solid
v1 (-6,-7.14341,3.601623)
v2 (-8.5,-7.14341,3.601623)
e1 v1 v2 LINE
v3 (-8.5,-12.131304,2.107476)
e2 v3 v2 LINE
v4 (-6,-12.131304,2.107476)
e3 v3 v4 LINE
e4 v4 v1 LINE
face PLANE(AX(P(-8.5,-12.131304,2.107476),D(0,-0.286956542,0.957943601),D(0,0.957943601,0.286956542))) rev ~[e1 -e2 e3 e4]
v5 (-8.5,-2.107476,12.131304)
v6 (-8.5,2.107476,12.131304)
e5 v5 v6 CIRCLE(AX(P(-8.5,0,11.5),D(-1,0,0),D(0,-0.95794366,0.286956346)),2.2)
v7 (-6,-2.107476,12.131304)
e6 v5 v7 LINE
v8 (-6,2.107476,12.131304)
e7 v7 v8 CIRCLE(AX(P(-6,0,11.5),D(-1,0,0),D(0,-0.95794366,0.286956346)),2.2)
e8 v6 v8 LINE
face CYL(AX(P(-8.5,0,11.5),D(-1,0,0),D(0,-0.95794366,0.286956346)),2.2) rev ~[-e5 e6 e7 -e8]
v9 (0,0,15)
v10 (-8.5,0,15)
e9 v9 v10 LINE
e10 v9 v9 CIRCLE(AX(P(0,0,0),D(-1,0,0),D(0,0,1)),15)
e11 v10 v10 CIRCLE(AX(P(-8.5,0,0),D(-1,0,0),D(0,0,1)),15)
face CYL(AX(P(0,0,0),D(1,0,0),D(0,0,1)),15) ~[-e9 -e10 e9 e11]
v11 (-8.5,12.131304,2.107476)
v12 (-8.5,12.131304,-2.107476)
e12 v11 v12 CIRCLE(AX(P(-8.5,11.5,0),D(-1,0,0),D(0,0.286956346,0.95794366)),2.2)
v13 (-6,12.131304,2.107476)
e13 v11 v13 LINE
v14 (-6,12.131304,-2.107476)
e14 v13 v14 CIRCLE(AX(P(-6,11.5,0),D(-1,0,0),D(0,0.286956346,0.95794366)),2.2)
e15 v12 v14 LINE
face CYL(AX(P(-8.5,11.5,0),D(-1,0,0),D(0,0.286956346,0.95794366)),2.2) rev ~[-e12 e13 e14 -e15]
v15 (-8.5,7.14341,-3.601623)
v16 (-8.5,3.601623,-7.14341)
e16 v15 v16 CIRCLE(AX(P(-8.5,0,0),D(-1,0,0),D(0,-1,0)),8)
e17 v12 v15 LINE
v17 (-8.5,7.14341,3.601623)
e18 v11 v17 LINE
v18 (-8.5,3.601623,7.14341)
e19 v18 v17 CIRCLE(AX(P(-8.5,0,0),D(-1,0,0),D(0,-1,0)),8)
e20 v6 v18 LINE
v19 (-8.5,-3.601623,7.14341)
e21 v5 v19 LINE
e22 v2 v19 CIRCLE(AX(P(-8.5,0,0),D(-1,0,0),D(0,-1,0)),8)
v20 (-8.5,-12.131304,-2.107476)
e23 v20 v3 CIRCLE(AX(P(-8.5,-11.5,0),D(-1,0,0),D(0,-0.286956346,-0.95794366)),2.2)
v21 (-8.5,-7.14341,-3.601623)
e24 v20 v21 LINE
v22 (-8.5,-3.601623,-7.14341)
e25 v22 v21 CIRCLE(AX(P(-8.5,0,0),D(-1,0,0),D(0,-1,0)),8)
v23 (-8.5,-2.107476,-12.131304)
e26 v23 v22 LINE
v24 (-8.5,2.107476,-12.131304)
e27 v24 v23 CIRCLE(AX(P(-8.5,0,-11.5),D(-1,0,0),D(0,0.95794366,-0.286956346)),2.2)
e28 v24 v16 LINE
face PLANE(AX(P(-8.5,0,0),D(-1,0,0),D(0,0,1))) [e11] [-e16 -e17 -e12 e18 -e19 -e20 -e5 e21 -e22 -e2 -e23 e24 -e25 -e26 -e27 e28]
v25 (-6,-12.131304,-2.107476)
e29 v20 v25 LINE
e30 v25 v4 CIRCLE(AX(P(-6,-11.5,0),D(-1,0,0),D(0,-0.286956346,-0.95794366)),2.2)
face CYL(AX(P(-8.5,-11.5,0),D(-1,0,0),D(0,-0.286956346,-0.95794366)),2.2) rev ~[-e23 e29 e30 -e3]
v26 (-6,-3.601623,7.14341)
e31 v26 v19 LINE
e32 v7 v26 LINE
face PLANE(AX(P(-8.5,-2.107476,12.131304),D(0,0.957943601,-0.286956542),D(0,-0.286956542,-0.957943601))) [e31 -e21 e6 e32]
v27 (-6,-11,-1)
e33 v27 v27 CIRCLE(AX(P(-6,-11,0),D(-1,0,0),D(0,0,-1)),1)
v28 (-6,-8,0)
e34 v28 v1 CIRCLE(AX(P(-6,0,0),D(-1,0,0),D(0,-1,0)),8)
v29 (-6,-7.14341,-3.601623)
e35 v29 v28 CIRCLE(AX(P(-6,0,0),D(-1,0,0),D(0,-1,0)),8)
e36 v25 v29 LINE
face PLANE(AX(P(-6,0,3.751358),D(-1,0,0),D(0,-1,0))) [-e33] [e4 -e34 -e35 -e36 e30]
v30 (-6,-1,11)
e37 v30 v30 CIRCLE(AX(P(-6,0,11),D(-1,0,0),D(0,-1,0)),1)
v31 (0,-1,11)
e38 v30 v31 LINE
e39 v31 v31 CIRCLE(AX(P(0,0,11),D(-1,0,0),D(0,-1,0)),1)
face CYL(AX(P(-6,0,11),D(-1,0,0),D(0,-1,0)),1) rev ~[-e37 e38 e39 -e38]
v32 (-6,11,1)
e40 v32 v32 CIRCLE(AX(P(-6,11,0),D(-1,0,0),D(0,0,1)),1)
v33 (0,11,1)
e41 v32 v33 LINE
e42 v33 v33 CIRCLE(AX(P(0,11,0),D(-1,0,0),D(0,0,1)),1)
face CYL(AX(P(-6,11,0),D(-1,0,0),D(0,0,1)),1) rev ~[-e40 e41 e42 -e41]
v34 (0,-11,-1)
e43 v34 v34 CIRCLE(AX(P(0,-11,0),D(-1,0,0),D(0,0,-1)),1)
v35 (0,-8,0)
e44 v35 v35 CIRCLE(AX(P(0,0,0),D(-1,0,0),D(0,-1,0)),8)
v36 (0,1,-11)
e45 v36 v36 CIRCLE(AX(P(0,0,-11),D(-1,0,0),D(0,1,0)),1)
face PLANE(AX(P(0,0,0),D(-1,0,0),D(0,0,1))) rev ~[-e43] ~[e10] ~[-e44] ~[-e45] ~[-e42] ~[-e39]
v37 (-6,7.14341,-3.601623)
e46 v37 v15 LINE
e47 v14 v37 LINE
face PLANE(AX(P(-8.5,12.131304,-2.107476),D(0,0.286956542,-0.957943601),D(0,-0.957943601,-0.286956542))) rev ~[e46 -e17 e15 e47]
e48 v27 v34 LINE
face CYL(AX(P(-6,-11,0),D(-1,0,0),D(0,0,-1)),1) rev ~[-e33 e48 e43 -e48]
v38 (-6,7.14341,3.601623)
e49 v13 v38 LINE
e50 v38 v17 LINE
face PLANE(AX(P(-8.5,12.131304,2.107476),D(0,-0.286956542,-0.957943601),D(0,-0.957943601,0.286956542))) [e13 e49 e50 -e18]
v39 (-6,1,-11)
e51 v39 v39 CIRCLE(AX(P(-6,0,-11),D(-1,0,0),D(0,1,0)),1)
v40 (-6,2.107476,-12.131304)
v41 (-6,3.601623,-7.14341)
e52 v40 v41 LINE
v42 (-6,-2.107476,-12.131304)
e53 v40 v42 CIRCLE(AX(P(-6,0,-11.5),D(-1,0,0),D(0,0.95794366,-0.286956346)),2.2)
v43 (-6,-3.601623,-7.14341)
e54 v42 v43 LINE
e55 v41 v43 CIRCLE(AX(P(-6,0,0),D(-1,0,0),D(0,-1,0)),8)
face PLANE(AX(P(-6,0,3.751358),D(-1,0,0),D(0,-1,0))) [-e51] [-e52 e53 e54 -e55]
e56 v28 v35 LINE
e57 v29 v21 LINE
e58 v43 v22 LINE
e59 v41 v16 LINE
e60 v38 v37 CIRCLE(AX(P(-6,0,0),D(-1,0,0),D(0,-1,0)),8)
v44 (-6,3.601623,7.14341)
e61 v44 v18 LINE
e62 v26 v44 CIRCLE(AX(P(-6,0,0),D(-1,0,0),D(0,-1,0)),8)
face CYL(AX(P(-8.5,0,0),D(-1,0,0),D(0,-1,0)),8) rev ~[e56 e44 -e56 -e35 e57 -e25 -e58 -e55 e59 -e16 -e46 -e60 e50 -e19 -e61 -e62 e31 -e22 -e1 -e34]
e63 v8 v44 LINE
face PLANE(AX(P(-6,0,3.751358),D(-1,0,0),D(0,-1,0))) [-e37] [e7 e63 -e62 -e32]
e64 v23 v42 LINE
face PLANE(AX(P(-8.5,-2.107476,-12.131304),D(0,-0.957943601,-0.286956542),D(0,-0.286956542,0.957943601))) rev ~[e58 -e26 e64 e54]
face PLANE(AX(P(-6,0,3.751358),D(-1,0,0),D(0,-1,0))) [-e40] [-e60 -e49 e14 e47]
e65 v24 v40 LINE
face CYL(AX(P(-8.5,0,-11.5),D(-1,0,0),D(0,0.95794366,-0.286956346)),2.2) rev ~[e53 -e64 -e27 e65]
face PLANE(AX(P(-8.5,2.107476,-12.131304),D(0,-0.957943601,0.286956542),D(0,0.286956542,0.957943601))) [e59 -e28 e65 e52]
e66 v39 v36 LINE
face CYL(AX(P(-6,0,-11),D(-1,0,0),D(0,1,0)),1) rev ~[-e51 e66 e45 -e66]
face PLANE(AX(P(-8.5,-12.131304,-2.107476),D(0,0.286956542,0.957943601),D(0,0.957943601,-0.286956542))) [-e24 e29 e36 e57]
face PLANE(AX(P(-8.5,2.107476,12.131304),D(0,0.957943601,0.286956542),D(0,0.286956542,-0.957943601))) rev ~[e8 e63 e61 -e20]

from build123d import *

# Parameters (mm, degrees)
SKETCH093_R             = 6.5
SKETCH093_R_2           = 2.5
PAD050_DEPTH            = 6
SKETCH094_R             = 5
SKETCH094_R_2           = 2.522437
PAD051_DEPTH            = 7
SKETCH095_R             = 6.5
SKETCH095_R_2           = 2.522437
PAD052_DEPTH            = 1
SKETCH096_R             = 1
PAD053_DEPTH            = 7
BODY035_ROLL_ANGLE      = 135
BODY035_PLACEMENT_ANGLE = 180
SKETCH100_R             = 15
PAD054_DEPTH            = 8.5
POCKET031_DEPTH         = 2.5
POLARPATTERN023_COUNT   = 4
SKETCH097_R             = 1
HOLE008_DEPTH           = 25
POLARPATTERN022_COUNT   = 4
SKETCH098_R             = 4
POCKET030_DEPTH         = 6.001
BODY036_PLACEMENT_ANGLE = 90
SKETCH102_R             = 8
POCKET032_DEPTH         = 8.501


with BuildPart() as polea007:
    # Sketch093 → Pad050 (new body)
    with BuildSketch(Plane.YZ):
        Circle(SKETCH093_R)
        Circle(SKETCH093_R_2, mode=Mode.SUBTRACT)
    extrude(amount=PAD050_DEPTH)

    # Sketch094 (on Face3 of Pad050) → Pad051 (join)
    with BuildSketch(Plane(origin=(0, 0, 0), x_dir=(0, 1, 0), z_dir=(-1, 0, 0))):
        Circle(SKETCH094_R)
        Circle(SKETCH094_R_2, mode=Mode.SUBTRACT)
    extrude(amount=PAD051_DEPTH)

    # Sketch095 (on Face6 of Pad051) → Pad052 (join)
    with BuildSketch(Plane(origin=(-7, 0, 0), x_dir=(0, 1, 0), z_dir=(-1, 0, 0))):
        Circle(SKETCH095_R)
        Circle(SKETCH095_R_2, mode=Mode.SUBTRACT)
    extrude(amount=PAD052_DEPTH)

    # Sketch096 → Pad053 (join)
    with BuildSketch(Plane.XZ):
        with Locations((3, 0)):
            Circle(SKETCH096_R)
    extrude(amount=PAD053_DEPTH)


with BuildPart() as polea007_1:
    # Body035 roll: moved
    add(polea007.part.rotate(Axis((0, 0, 0), (1, 0, 0)), BODY035_ROLL_ANGLE))


with BuildPart() as polea007_2:
    # Body035 placement: moved
    add(polea007_1.part.rotate(Axis((0, 0, 0), (0, 0, 1)), BODY035_PLACEMENT_ANGLE))


with BuildPart() as body037:
    # Sketch100 → Pad054 (new body)
    with BuildSketch(Plane.XY):
        Circle(SKETCH100_R)
    extrude(amount=PAD054_DEPTH)

    # Sketch099 (on Face3 of Pad054) → Pocket031 (cut)
    with BuildSketch(Plane.XY.offset(8.5)):
        with BuildLine():
            ThreePointArc((-5.26869, 1.578261), (0, -5.5), (5.26869, 1.578261))
            Line((2.107476, 12.131304), (5.26869, 1.578261))
            ThreePointArc((2.107476, 12.131304), (0, 13.7), (-2.107476, 12.131304))
            Line((-2.107476, 12.131304), (-5.26869, 1.578261))
        make_face()
    pocket031 = extrude(amount=-POCKET031_DEPTH, mode=Mode.SUBTRACT)

    # PolarPattern023: Pocket031 ×4 about axis
    polarpattern023_axis = Axis((0, 0, 8.5), (0, 0, 1))
    for i in range(1, POLARPATTERN023_COUNT):
        add(pocket031.rotate(polarpattern023_axis, i * 360 / POLARPATTERN023_COUNT), mode=Mode.SUBTRACT)

    # Sketch097 (on Face21 of PolarPattern023) → Hole008 (cut)
    with BuildSketch(Plane.XY.offset(6)):
        with Locations((0, 11)):
            Circle(SKETCH097_R)
    hole008 = extrude(amount=-HOLE008_DEPTH, mode=Mode.SUBTRACT)

    # PolarPattern022: Hole008 ×4 about axis
    polarpattern022_axis = Axis((0, 0, 6), (0, 0, 1))
    for i in range(1, POLARPATTERN022_COUNT):
        add(hole008.rotate(polarpattern022_axis, i * 360 / POLARPATTERN022_COUNT), mode=Mode.SUBTRACT)

    # Sketch098 (on Face25 of PolarPattern022) → Pocket030 (cut, through all)
    with BuildSketch(Plane.XY.offset(6)):
        Circle(SKETCH098_R)
    extrude(amount=-POCKET030_DEPTH, mode=Mode.SUBTRACT)


with BuildPart() as body037_1:
    # Body036 placement: moved
    add(body037.part.moved(Location((0, 0, 0))).rotate(Axis((0, 0, 0), (0, -1, 0)), BODY036_PLACEMENT_ANGLE))

    # Cut006: cut polea007
    add(polea007_2.part, mode=Mode.SUBTRACT)

    # Sketch102 (on Face3 of BaseFeature006) → Pocket032 (cut, through all)
    with BuildSketch(Plane(origin=(-8.5, 0, 0), x_dir=(0, -1, 0), z_dir=(-1, 0, 0))):
        Circle(SKETCH102_R)
    extrude(amount=-POCKET032_DEPTH, mode=Mode.SUBTRACT)


solid = body037_1.part
